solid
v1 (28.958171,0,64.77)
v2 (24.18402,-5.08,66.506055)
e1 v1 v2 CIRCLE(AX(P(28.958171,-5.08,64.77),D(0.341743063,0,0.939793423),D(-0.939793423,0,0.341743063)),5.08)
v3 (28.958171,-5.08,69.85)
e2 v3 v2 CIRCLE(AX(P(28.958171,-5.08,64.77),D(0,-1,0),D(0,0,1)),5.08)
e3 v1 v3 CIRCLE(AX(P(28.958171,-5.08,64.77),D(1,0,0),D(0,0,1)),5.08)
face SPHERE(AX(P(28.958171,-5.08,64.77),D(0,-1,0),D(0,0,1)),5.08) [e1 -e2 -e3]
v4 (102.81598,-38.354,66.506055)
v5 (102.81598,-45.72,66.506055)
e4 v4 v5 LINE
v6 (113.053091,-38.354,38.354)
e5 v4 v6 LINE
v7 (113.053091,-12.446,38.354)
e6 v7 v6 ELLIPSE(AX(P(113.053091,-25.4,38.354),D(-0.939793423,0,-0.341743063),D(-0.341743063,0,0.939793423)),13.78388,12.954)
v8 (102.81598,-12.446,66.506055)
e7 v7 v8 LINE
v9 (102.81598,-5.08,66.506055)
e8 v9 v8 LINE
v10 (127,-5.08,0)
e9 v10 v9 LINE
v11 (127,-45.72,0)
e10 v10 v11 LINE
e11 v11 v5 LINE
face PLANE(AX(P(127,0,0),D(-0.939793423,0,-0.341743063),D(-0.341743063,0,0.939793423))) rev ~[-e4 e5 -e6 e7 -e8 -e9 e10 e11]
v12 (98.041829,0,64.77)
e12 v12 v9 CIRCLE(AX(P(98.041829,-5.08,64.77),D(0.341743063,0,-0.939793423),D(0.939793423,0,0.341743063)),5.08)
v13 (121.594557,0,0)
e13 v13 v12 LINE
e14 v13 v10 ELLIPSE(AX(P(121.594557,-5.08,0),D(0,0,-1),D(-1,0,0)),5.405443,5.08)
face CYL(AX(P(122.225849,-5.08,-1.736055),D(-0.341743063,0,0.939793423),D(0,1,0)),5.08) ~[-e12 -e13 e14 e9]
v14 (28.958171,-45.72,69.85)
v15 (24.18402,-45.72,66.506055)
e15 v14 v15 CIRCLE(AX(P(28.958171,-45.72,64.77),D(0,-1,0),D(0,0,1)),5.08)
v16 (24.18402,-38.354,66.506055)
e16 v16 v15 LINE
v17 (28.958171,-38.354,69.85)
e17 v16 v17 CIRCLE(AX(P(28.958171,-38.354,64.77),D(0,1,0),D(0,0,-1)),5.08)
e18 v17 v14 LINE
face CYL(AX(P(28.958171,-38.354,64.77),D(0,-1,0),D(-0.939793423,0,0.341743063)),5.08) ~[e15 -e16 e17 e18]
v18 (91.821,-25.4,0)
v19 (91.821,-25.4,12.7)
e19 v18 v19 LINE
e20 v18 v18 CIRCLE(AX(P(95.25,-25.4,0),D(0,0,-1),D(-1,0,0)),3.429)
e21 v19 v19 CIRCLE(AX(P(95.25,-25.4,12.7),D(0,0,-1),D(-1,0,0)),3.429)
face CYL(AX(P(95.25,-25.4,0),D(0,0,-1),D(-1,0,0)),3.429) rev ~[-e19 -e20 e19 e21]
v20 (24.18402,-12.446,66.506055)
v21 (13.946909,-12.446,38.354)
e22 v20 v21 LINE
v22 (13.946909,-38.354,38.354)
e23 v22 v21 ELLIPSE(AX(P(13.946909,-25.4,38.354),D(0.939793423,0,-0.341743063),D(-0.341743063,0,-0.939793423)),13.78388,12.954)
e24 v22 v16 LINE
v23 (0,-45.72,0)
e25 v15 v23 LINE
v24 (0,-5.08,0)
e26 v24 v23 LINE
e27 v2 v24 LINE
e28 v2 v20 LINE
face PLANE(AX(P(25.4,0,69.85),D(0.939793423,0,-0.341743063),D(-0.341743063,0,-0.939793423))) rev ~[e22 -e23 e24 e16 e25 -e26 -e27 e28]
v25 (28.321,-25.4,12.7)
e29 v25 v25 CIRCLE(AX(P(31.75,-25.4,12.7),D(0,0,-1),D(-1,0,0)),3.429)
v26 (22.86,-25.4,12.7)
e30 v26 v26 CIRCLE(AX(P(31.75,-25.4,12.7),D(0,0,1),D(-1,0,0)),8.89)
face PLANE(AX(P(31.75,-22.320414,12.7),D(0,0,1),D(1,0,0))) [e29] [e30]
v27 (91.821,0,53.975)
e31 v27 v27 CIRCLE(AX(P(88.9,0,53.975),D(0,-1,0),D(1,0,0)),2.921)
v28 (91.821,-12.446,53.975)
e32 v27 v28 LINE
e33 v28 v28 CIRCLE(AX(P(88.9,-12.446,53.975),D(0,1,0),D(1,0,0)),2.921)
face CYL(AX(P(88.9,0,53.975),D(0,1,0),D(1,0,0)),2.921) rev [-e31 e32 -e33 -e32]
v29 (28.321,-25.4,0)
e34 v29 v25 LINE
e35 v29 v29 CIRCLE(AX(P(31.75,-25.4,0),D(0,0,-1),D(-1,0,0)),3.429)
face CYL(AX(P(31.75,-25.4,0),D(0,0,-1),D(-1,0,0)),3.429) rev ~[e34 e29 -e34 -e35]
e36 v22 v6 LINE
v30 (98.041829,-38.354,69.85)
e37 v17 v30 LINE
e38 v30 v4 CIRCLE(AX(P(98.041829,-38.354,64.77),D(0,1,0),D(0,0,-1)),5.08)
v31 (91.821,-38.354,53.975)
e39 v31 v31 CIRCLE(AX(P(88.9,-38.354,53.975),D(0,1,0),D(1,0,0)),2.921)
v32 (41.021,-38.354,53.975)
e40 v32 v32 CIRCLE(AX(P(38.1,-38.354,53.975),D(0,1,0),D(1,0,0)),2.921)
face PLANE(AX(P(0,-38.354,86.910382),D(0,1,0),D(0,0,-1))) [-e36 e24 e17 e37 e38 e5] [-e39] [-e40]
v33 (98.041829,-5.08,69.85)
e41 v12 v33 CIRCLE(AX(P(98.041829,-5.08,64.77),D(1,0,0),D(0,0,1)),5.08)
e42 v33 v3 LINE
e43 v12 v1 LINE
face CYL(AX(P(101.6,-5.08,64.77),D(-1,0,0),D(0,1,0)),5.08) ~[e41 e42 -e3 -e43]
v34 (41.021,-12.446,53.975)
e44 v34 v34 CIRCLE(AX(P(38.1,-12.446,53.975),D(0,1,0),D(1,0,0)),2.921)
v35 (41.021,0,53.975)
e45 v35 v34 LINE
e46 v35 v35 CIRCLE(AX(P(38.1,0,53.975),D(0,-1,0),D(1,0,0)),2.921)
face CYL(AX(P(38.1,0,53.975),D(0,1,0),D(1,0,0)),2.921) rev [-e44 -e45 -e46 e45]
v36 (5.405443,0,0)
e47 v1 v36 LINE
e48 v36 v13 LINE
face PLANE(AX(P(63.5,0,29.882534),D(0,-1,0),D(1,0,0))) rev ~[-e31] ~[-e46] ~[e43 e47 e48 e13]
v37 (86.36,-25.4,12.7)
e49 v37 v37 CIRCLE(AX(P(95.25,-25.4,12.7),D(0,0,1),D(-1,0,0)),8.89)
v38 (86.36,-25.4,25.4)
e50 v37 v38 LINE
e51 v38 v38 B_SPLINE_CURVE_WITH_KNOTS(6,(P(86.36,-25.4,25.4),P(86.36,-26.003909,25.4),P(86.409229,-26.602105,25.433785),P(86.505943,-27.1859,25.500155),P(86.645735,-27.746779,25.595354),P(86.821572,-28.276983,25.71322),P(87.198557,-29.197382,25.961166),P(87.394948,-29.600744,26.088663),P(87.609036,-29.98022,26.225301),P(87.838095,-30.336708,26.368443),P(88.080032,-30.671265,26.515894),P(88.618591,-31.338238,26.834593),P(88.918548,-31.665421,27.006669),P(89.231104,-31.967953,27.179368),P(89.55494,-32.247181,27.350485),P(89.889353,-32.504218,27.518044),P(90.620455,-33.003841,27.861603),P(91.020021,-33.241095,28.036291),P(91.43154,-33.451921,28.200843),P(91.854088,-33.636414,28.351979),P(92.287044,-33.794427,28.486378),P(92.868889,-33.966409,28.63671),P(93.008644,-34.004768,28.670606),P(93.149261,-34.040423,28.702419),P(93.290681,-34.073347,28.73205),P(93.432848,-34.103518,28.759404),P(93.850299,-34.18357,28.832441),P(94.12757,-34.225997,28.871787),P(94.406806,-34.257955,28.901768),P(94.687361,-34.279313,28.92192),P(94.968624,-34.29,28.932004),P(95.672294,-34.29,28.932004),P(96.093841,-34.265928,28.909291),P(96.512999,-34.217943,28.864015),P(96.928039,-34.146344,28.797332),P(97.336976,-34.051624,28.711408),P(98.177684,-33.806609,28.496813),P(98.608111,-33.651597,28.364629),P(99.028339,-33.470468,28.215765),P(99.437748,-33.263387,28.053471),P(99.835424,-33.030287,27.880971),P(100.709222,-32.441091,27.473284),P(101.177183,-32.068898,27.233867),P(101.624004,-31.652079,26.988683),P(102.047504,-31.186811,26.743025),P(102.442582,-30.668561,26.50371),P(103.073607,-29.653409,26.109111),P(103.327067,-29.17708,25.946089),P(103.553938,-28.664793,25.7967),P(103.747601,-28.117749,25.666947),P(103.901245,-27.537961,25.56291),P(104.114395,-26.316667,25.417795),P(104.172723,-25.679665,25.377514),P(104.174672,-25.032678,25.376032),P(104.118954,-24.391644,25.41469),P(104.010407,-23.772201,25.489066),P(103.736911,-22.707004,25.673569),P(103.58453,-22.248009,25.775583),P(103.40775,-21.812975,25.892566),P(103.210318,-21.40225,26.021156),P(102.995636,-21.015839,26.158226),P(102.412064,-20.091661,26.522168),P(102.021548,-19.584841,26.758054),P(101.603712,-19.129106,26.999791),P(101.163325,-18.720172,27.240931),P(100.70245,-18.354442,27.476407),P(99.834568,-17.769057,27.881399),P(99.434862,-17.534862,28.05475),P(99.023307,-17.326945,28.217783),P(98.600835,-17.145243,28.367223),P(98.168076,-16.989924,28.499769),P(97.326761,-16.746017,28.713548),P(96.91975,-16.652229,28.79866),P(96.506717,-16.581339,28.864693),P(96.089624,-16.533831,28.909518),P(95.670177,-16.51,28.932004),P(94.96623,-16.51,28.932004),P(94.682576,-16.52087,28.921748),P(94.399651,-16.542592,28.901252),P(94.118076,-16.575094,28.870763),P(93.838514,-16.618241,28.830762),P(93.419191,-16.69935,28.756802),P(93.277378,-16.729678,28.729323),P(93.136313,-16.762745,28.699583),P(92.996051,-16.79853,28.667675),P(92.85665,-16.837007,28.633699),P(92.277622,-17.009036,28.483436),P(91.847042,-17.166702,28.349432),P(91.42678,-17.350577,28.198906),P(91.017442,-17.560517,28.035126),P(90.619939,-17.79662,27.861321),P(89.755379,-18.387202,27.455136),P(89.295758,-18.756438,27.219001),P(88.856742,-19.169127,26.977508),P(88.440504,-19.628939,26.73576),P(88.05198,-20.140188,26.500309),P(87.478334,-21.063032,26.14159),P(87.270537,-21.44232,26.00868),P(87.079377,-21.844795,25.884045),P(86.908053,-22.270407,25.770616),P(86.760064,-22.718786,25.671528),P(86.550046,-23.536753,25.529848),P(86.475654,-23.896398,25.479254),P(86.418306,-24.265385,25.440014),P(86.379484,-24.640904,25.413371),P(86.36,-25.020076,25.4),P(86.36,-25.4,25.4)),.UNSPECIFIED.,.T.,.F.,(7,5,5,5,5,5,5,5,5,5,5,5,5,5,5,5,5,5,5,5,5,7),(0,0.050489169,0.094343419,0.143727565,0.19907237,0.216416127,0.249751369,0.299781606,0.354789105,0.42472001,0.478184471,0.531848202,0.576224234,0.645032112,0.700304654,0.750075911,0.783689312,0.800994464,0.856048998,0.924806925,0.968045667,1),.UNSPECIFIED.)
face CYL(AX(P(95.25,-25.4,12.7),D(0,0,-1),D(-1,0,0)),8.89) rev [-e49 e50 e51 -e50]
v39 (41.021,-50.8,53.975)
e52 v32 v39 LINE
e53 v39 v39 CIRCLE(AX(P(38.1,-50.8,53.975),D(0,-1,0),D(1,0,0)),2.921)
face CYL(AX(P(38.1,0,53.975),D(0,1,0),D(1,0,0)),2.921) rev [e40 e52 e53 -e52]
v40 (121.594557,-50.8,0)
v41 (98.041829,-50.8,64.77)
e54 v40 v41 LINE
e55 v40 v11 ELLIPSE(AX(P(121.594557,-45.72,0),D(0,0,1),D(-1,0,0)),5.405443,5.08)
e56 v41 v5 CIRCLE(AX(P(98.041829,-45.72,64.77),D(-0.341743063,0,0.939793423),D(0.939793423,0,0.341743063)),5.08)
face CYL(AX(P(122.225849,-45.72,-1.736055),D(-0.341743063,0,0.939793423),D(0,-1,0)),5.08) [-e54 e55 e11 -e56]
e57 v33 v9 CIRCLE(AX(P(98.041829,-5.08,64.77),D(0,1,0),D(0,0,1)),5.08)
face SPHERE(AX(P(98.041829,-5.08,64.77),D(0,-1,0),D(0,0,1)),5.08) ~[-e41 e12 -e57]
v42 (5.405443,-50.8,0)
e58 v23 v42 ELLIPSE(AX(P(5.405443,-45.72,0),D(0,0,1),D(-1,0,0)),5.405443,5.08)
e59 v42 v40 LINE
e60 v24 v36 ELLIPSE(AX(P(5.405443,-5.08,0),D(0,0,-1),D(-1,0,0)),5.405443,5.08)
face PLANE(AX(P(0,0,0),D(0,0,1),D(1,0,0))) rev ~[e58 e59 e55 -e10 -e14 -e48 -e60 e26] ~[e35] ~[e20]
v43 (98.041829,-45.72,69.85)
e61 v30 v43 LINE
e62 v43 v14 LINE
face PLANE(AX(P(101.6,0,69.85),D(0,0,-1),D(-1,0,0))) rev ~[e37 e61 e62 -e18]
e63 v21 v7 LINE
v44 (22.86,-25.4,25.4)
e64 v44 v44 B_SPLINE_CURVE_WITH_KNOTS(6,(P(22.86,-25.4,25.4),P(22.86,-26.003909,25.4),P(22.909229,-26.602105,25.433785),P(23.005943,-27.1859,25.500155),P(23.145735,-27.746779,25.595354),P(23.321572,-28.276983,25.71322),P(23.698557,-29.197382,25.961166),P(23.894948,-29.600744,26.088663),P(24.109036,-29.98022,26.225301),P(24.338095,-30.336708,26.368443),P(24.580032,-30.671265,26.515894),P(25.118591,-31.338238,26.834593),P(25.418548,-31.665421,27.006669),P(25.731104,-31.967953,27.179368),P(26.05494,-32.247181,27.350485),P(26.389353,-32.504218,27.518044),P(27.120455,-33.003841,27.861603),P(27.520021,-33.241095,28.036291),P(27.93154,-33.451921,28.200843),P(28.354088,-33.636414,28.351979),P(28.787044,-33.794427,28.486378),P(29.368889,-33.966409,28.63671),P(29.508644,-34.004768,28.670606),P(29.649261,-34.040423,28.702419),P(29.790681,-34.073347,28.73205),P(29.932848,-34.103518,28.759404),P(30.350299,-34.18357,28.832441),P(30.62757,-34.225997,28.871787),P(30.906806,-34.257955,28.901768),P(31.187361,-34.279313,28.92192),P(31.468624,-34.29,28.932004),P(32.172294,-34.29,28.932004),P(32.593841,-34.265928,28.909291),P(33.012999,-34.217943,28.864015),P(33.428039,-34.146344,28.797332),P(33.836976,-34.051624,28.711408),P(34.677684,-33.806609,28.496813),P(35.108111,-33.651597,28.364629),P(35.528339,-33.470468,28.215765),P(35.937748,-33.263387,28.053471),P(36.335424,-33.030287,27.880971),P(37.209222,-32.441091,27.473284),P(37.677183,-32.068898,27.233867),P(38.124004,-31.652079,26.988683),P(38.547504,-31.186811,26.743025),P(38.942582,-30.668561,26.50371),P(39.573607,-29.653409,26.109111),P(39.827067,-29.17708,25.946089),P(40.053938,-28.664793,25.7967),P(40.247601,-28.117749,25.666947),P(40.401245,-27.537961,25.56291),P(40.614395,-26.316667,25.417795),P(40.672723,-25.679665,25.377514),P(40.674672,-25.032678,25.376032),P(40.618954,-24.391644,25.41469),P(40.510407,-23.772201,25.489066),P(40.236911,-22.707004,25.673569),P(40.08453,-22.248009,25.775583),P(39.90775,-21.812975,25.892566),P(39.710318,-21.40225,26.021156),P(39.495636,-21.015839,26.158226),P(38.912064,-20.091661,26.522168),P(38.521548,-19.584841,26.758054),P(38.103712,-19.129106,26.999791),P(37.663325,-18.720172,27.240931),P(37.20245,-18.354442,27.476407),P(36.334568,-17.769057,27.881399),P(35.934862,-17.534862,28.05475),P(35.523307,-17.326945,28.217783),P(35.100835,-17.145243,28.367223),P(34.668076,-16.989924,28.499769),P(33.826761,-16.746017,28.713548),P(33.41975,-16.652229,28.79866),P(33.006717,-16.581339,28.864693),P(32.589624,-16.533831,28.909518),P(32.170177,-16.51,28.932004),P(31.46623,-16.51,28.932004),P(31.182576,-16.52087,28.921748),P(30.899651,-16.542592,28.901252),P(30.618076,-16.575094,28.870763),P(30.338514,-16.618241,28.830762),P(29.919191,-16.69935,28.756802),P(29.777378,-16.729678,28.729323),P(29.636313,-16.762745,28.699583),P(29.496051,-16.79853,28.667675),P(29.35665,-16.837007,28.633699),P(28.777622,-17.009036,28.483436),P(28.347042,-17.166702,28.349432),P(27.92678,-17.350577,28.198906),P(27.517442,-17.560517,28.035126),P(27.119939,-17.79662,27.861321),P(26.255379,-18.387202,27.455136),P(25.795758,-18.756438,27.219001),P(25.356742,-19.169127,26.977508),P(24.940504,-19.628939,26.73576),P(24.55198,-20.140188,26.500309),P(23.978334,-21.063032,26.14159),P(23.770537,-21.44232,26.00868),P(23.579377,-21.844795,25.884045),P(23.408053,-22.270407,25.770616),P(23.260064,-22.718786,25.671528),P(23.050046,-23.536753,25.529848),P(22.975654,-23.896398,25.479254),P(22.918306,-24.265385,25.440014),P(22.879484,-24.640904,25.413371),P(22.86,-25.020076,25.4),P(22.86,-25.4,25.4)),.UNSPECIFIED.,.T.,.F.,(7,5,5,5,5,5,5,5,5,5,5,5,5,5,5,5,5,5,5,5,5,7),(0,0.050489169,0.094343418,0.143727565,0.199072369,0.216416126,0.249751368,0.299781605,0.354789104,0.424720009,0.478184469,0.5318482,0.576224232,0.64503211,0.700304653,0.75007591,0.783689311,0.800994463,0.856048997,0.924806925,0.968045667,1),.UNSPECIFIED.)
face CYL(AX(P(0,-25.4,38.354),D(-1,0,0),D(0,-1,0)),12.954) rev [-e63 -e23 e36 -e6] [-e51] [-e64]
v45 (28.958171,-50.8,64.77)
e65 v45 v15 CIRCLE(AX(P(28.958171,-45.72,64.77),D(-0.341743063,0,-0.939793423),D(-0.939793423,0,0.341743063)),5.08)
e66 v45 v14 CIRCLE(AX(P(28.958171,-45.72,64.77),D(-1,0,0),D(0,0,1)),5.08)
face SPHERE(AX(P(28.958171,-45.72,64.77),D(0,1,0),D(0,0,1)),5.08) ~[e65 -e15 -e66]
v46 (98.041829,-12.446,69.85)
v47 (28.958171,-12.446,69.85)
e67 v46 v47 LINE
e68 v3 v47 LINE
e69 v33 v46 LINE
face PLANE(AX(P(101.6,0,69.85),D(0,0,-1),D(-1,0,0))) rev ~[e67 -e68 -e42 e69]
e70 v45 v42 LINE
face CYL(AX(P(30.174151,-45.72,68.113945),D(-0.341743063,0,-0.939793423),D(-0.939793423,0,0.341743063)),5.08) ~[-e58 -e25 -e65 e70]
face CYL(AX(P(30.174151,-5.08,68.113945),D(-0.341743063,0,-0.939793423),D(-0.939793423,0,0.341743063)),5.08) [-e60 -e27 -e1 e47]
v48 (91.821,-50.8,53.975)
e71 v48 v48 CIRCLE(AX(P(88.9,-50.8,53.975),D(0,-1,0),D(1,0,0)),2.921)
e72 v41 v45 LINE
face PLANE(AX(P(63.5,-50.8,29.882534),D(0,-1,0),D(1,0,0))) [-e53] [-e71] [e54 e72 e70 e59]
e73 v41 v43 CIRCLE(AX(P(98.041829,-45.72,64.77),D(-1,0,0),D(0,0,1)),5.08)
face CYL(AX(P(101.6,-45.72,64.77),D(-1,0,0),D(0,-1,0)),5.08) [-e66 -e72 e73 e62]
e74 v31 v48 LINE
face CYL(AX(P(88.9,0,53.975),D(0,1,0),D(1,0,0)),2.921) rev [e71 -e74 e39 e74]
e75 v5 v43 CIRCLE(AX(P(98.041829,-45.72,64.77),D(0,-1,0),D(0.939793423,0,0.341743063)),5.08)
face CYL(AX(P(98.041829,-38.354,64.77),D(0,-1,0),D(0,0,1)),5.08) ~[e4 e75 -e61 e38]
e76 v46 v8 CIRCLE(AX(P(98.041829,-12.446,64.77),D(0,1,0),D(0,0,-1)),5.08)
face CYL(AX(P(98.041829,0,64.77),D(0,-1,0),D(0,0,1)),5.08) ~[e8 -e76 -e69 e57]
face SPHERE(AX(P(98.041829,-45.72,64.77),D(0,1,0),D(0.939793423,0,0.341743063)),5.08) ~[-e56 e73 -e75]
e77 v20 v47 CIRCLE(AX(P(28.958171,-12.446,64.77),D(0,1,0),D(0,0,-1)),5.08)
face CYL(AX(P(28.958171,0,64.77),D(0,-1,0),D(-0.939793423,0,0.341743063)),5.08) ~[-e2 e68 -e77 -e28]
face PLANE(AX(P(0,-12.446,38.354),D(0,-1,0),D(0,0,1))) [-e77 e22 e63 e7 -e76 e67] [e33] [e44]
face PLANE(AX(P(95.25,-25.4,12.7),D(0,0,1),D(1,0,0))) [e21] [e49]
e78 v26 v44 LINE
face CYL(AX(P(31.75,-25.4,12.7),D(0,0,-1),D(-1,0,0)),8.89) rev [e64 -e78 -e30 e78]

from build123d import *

# Parameters (mm, degrees)
F0_R     = 2.921
F1_DEPTH = 50.8
F3_DEPTH = 278.638
F4_R     = 5.08
F6_DEPTH = 79.502
F9_DEPTH = 68.072


with BuildPart() as f1:
    # F0 (on Front) → F1 (new body)
    with BuildSketch(Plane.XZ):
        Polygon((25.4, 69.85), (0, 0), (127, 0), (101.6, 69.85), align=None)
        with Locations((38.1, 53.975)):
            Circle(F0_R, mode=Mode.SUBTRACT)
        with Locations((88.9, 53.975)):
            Circle(F0_R, mode=Mode.SUBTRACT)
    extrude(amount=F1_DEPTH)

    # F2 (on Right) → F3 (cut)
    with BuildSketch(Plane.YZ):
        with BuildLine():
            Line((-38.354, 86.910382), (-38.354, 38.354))
            ThreePointArc((-38.354, 38.354), (-25.4, 25.4), (-12.446, 38.354))
            Line((-12.446, 38.354), (-12.446, 88.236041))
            Line((-12.446, 88.236041), (-38.354, 86.910382))
        make_face()
    extrude(amount=F3_DEPTH, mode=Mode.SUBTRACT)

    # F4
    f4_edges = [f1.edges().sort_by_distance(p)[0] for p in [
        (114.3, -50.8, 34.925),
        (63.5, -50.8, 69.85),
        (12.7, -50.8, 34.925),
        (101.6, -44.577, 69.85),
        (101.6, -6.223, 69.85),
        (25.4, -44.577, 69.85),
        (25.4, -6.223, 69.85),
        (63.5, 0, 69.85),
        (114.3, 0, 34.925),
        (12.7, 0, 34.925),
    ]]
    fillet(f4_edges, radius=F4_R)

    # F5 (on face) → F6 (cut)
    with BuildSketch(Plane(origin=(0, 0, 0), x_dir=(1, 0, 0), z_dir=(0, 0, -1))):
        with BuildLine():
            Line((28.321, 25.4), (31.75, 25.4))
            Line((31.75, 25.4), (35.179, 25.4))
            ThreePointArc((35.179, 25.4), (31.75, 28.829), (28.321, 25.4))
        make_face()
        with BuildLine():
            Line((35.179, 25.4), (31.75, 25.4))
            Line((31.75, 25.4), (28.321, 25.4))
            ThreePointArc((28.321, 25.4), (31.75, 21.971), (35.179, 25.4))
        make_face()
        with BuildLine():
            ThreePointArc((98.679, 25.4), (95.25, 28.829), (91.821, 25.4))
            ThreePointArc((91.821, 25.4), (95.25, 21.971), (98.679, 25.4))
        make_face()
    extrude(amount=-F6_DEPTH, mode=Mode.SUBTRACT)

    # F8 (on offset) → F9 (cut)
    with BuildSketch(Plane.XY.offset(12.7)):
        with BuildLine():
            ThreePointArc((40.64, -25.4), (31.75, -16.51), (22.86, -25.4))
            Line((22.86, -25.4), (31.75, -25.4))
            Line((31.75, -25.4), (40.64, -25.4))
        make_face()
        with BuildLine():
            ThreePointArc((104.14, -25.4), (95.25, -16.51), (86.36, -25.4))
            ThreePointArc((86.36, -25.4), (95.25, -34.29), (104.14, -25.4))
        make_face()
        with BuildLine():
            Line((31.75, -25.4), (22.86, -25.4))
            ThreePointArc((22.86, -25.4), (31.75, -34.29), (40.64, -25.4))
            Line((40.64, -25.4), (31.75, -25.4))
        make_face()
    extrude(amount=F9_DEPTH, mode=Mode.SUBTRACT)


solid = f1.part
